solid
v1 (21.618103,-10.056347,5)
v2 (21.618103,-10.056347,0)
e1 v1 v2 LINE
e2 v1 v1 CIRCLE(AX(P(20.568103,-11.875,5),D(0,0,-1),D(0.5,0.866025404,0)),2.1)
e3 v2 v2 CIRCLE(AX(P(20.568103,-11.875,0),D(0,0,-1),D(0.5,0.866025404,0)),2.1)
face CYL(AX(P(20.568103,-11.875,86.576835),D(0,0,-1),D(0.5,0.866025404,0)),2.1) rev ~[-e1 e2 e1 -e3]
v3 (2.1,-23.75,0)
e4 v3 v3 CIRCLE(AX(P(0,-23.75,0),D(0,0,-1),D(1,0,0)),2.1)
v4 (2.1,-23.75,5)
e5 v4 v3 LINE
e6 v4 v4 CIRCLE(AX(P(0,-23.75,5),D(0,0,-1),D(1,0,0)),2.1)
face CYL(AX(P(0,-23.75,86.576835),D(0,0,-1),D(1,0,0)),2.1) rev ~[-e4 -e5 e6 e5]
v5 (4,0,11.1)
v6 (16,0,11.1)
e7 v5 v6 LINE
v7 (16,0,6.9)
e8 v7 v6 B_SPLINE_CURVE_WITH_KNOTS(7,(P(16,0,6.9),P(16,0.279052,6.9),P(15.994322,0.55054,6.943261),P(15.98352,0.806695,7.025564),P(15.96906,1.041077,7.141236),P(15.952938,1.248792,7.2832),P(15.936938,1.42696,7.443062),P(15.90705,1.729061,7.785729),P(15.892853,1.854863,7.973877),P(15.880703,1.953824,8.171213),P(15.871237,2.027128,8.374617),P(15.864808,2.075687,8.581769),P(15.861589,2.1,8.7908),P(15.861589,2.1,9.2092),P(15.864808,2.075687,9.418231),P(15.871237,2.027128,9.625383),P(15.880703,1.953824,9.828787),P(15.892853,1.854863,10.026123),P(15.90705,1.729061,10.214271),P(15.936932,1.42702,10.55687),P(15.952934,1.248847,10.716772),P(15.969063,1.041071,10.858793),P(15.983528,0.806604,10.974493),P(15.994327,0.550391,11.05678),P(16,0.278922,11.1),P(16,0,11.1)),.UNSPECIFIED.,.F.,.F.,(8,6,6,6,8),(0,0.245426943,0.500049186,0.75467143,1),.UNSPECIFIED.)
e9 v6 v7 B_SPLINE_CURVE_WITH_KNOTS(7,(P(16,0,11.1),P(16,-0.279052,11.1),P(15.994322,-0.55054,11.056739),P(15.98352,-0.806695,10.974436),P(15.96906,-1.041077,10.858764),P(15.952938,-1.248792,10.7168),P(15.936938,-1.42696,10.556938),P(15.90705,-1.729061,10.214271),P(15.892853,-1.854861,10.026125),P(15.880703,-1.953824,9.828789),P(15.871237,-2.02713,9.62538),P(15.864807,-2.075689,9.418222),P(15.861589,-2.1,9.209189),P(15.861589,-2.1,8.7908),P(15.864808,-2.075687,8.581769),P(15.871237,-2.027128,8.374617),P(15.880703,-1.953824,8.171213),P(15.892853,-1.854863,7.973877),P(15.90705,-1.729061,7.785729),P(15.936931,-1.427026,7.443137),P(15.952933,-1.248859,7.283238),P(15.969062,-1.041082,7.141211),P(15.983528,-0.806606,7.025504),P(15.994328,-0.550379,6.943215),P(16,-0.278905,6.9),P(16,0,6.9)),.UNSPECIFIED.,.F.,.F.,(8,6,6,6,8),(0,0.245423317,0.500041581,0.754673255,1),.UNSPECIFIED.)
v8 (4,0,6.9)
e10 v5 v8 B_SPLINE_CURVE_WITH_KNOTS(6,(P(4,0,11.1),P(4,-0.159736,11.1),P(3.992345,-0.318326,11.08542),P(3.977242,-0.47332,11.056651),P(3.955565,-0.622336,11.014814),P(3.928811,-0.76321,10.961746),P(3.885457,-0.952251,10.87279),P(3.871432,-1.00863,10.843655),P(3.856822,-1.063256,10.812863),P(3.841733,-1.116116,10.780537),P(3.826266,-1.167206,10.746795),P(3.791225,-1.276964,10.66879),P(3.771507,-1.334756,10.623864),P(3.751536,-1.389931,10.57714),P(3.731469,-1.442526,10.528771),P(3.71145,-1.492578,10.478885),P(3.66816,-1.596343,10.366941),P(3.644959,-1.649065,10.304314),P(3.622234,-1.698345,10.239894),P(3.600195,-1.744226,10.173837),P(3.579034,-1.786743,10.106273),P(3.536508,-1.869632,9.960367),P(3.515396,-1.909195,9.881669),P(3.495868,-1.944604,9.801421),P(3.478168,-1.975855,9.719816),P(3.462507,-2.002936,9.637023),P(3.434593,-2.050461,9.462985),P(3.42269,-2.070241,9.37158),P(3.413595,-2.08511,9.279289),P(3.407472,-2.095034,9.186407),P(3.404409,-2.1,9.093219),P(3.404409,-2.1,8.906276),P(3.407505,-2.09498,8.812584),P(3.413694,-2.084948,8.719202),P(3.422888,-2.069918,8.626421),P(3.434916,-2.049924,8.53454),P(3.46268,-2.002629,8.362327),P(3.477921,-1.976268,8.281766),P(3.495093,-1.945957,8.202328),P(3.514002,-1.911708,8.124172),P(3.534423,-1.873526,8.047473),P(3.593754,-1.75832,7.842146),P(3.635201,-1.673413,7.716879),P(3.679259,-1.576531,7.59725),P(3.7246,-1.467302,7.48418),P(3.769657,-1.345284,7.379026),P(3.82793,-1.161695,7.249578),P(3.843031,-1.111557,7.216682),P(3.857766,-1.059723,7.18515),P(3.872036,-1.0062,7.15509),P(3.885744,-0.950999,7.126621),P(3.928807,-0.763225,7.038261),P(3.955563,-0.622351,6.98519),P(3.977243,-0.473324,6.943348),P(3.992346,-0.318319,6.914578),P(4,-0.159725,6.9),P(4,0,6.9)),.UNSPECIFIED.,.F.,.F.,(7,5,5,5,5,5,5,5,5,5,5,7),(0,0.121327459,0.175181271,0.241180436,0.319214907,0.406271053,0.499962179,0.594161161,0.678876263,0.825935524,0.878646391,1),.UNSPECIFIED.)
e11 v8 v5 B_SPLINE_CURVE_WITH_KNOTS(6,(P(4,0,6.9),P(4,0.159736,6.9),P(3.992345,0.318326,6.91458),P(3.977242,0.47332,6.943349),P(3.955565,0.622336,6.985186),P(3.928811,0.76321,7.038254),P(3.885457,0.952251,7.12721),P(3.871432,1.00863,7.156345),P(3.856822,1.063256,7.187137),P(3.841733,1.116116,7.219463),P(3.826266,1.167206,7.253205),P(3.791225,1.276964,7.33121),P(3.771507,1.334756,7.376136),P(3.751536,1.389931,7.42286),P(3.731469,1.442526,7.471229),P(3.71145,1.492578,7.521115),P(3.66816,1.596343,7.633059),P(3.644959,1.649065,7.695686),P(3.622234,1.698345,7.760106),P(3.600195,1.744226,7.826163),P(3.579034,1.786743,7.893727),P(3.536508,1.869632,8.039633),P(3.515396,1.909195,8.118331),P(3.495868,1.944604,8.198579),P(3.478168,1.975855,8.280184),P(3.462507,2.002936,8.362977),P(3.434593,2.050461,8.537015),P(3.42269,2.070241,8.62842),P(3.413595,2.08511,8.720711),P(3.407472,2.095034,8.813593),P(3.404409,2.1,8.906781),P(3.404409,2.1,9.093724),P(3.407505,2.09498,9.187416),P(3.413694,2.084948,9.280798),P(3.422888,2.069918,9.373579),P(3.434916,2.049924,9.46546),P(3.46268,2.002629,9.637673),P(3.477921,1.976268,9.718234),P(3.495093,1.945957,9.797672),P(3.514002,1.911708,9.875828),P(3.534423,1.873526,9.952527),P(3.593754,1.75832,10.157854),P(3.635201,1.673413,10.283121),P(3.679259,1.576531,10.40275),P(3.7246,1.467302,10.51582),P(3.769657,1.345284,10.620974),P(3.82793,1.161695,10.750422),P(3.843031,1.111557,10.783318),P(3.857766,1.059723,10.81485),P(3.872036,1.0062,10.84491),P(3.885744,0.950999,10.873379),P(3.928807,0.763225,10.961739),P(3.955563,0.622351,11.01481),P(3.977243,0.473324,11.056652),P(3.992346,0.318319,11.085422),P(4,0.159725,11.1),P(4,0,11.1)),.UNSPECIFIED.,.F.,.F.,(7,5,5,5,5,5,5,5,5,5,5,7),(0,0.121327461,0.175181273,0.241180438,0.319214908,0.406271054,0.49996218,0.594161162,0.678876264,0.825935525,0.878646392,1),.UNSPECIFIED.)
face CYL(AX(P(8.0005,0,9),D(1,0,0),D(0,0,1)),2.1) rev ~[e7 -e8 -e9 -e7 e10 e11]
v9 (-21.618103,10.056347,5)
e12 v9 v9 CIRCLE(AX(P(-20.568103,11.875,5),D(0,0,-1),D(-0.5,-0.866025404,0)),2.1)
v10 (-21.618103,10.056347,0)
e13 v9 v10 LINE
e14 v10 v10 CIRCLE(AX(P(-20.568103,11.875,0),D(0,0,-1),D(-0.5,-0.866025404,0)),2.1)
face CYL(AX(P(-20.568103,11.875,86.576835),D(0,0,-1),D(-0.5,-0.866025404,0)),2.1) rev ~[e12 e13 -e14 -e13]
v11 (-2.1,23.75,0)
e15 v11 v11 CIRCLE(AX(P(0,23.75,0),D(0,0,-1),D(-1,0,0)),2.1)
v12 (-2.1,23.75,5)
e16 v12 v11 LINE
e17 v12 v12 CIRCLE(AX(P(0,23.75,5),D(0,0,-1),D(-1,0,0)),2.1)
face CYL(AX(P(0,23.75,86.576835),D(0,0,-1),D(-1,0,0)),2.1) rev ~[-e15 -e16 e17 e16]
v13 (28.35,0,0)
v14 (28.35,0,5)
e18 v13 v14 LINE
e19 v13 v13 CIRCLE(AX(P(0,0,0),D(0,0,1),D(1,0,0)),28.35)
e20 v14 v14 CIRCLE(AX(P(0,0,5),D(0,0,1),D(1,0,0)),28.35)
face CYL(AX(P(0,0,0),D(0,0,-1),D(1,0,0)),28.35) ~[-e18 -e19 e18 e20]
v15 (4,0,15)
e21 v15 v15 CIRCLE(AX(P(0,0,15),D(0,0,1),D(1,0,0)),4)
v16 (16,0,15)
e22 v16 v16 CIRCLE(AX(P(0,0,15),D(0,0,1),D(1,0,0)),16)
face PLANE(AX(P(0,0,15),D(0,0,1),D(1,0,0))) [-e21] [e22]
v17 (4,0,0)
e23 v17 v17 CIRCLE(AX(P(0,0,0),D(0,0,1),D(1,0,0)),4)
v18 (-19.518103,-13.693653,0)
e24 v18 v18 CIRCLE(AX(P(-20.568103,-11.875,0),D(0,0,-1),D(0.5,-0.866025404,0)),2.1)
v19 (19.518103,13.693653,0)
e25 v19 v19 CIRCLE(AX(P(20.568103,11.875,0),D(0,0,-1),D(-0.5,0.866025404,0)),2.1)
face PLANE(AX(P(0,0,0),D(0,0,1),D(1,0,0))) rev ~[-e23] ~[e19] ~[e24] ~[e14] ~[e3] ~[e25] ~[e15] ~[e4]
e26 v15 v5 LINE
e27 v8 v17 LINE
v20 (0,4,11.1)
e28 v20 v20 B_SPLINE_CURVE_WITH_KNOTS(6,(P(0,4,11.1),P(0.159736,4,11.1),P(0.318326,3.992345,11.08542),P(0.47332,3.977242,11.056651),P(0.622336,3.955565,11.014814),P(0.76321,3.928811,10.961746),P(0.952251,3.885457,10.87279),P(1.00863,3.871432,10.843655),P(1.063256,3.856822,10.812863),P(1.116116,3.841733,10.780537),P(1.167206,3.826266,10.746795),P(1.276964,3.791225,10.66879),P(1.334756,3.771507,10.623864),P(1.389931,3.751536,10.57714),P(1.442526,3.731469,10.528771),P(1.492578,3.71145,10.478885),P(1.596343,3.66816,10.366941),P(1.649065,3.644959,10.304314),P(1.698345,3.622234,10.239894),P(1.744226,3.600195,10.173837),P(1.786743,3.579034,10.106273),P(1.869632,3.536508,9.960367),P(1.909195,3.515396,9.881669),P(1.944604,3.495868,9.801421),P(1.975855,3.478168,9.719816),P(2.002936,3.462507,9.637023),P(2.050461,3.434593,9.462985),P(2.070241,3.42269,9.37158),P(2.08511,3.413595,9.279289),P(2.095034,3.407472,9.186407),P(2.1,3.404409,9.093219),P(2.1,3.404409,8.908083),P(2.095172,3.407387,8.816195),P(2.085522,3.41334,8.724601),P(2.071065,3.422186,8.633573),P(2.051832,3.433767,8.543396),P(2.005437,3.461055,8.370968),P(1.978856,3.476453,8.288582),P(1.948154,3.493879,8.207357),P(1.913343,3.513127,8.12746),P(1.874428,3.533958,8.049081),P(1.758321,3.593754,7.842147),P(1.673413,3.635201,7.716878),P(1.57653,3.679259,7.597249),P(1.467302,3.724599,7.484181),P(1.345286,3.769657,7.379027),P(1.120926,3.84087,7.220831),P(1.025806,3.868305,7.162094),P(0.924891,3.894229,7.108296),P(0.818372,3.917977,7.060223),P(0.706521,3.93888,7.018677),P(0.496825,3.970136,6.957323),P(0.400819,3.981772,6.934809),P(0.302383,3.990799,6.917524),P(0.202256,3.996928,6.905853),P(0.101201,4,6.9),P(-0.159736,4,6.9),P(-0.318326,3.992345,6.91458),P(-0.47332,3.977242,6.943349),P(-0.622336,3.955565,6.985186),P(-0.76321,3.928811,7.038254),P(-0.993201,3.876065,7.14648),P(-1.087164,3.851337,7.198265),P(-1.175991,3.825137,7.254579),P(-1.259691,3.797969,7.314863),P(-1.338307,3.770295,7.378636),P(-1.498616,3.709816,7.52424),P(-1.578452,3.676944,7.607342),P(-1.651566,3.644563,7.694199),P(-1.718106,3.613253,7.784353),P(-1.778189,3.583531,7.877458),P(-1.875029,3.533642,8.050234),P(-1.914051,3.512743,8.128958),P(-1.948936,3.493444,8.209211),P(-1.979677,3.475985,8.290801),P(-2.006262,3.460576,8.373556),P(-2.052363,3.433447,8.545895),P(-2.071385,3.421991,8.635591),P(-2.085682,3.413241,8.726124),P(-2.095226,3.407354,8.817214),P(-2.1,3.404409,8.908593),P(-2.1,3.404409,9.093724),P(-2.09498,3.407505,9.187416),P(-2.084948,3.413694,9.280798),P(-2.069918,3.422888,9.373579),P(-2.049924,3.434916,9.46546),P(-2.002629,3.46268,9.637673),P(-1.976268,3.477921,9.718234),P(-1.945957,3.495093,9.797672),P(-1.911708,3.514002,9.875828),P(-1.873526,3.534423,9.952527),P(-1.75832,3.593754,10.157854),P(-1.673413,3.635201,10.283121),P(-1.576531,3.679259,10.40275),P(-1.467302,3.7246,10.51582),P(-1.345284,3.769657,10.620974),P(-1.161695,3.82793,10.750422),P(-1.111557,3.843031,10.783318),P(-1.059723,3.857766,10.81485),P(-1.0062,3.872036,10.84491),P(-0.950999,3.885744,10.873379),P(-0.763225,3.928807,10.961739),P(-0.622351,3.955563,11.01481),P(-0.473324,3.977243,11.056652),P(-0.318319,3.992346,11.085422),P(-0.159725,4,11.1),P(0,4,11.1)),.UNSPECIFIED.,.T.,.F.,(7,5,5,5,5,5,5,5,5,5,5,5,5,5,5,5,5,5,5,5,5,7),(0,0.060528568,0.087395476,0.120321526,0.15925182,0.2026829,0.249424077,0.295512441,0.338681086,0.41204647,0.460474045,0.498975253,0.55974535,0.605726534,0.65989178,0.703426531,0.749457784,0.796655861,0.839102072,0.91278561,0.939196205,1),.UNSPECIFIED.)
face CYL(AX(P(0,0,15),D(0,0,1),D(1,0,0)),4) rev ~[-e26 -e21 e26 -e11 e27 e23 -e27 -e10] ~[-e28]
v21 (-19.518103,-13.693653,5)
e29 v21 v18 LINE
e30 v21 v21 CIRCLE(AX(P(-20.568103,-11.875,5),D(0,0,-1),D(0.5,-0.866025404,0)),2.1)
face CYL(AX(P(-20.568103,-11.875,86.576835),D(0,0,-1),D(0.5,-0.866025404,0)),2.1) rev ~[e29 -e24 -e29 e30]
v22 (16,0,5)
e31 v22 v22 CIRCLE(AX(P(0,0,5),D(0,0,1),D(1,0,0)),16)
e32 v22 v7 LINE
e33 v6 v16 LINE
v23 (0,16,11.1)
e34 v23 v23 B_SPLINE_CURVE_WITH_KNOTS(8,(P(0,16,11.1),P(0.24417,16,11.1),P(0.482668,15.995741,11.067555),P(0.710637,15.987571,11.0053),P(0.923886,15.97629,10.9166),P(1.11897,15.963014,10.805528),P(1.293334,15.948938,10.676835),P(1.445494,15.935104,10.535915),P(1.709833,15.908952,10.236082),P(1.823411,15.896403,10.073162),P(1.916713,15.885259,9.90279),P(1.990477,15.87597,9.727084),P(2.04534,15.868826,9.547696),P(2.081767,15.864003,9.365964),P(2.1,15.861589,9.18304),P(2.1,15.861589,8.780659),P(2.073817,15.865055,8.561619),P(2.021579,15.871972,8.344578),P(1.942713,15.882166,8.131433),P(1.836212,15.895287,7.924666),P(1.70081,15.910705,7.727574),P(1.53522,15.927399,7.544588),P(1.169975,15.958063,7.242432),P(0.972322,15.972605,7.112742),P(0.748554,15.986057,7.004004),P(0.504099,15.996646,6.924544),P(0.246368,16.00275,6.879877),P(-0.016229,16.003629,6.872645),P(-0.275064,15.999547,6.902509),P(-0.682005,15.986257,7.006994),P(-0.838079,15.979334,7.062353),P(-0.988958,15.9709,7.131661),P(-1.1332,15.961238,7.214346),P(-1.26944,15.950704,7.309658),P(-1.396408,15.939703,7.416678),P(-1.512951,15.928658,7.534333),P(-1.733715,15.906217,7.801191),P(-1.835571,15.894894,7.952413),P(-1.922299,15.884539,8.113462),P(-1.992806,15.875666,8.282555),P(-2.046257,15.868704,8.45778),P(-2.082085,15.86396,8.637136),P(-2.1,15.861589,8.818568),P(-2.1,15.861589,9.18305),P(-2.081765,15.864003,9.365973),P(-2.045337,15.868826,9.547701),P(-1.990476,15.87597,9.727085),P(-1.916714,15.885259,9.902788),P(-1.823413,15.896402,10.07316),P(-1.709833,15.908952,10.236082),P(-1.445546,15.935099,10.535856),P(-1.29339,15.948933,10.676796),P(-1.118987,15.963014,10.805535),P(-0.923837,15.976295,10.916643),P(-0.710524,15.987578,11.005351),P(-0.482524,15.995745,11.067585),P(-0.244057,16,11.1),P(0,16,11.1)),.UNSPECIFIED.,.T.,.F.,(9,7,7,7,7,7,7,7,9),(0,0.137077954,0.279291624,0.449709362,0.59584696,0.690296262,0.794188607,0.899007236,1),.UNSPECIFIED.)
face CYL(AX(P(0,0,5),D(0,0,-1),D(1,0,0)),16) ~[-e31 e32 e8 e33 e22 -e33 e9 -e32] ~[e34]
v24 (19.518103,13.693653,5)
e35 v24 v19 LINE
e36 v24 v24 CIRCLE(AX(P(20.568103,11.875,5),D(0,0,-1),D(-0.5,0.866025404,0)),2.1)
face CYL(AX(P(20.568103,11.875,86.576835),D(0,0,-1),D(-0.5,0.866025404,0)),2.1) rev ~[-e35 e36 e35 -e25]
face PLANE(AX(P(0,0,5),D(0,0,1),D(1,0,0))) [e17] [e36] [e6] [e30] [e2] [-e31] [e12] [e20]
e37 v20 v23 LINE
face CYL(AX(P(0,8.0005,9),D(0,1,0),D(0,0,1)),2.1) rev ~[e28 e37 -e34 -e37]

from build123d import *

# Parameters (mm, degrees)
SKETCH_1_R               = 28.35
EXTRUDE_1_DEPTH          = 5
SKETCH_2_R               = 16
EXTRUDE_2_DEPTH          = 10
SKETCH_3_R               = 4
CUT_EXTRUDE_1_DEPTH      = 16
M5X0_8_1_D               = 4.2
PATTERN_CIRCULAR_1_COUNT = 6
SKETCH_11_W              = 2.1
SKETCH_11_H              = 16.001
PATTERN_CIRCULAR_2_COUNT = 2
PATTERN_CIRCULAR_2_ANGLE = 90


with BuildPart() as part:
    # 草圖1 → 填料-伸長1 (new body)
    with BuildSketch(Plane.XY):
        Circle(SKETCH_1_R)
    extrude(amount=EXTRUDE_1_DEPTH)

    # 草圖2 → 填料-伸長2 (add)
    with BuildSketch(Plane.XY.offset(5)):
        Circle(SKETCH_2_R)
    extrude(amount=EXTRUDE_2_DEPTH)

    # 草圖3 → 除料-伸長1 (cut, through all)
    with BuildSketch(Plane.XY.offset(15)):
        Circle(SKETCH_3_R)
    extrude(amount=-CUT_EXTRUDE_1_DEPTH, mode=Mode.SUBTRACT)

    # M5x0.8 螺紋孔1 (through all)
    with Locations(Plane(origin=(0, 23.75, 5), x_dir=(1, 0, 0), z_dir=(0, 0, 1))):
        with Locations((0, 0)):
            m5x0_8_1 = Hole(M5X0_8_1_D / 2)

    # 環狀複製排列1: M5x0.8 螺紋孔1 ×6 about axis
    pattern_circular_1_axis = Axis((0, 0, 0), (0, 0, 1))
    for i in range(1, PATTERN_CIRCULAR_1_COUNT):
        add(m5x0_8_1.rotate(pattern_circular_1_axis, i * 360 / PATTERN_CIRCULAR_1_COUNT), mode=Mode.SUBTRACT)

    # 草圖11 → M5x0.8 螺紋孔2 (revolve, cut)
    with BuildSketch(Plane(origin=(0, 0, 9), x_dir=(0, 0, 1), z_dir=(0, 1, 0))):
        with Locations((1.05, 8.0005)):
            Rectangle(SKETCH_11_W, SKETCH_11_H)
    m5x0_8_2 = revolve(axis=Axis((-6.35, 0, 9), (1, 0, 0)), mode=Mode.SUBTRACT)

    # 環狀複製排列2: M5x0.8 螺紋孔2 ×2 about axis
    pattern_circular_2_axis = Axis((0, 0, 15), (0, 0, 1))
    for i in range(1, PATTERN_CIRCULAR_2_COUNT):
        add(m5x0_8_2.rotate(pattern_circular_2_axis, i * PATTERN_CIRCULAR_2_ANGLE / (PATTERN_CIRCULAR_2_COUNT - 1)), mode=Mode.SUBTRACT)


solid = part.part
